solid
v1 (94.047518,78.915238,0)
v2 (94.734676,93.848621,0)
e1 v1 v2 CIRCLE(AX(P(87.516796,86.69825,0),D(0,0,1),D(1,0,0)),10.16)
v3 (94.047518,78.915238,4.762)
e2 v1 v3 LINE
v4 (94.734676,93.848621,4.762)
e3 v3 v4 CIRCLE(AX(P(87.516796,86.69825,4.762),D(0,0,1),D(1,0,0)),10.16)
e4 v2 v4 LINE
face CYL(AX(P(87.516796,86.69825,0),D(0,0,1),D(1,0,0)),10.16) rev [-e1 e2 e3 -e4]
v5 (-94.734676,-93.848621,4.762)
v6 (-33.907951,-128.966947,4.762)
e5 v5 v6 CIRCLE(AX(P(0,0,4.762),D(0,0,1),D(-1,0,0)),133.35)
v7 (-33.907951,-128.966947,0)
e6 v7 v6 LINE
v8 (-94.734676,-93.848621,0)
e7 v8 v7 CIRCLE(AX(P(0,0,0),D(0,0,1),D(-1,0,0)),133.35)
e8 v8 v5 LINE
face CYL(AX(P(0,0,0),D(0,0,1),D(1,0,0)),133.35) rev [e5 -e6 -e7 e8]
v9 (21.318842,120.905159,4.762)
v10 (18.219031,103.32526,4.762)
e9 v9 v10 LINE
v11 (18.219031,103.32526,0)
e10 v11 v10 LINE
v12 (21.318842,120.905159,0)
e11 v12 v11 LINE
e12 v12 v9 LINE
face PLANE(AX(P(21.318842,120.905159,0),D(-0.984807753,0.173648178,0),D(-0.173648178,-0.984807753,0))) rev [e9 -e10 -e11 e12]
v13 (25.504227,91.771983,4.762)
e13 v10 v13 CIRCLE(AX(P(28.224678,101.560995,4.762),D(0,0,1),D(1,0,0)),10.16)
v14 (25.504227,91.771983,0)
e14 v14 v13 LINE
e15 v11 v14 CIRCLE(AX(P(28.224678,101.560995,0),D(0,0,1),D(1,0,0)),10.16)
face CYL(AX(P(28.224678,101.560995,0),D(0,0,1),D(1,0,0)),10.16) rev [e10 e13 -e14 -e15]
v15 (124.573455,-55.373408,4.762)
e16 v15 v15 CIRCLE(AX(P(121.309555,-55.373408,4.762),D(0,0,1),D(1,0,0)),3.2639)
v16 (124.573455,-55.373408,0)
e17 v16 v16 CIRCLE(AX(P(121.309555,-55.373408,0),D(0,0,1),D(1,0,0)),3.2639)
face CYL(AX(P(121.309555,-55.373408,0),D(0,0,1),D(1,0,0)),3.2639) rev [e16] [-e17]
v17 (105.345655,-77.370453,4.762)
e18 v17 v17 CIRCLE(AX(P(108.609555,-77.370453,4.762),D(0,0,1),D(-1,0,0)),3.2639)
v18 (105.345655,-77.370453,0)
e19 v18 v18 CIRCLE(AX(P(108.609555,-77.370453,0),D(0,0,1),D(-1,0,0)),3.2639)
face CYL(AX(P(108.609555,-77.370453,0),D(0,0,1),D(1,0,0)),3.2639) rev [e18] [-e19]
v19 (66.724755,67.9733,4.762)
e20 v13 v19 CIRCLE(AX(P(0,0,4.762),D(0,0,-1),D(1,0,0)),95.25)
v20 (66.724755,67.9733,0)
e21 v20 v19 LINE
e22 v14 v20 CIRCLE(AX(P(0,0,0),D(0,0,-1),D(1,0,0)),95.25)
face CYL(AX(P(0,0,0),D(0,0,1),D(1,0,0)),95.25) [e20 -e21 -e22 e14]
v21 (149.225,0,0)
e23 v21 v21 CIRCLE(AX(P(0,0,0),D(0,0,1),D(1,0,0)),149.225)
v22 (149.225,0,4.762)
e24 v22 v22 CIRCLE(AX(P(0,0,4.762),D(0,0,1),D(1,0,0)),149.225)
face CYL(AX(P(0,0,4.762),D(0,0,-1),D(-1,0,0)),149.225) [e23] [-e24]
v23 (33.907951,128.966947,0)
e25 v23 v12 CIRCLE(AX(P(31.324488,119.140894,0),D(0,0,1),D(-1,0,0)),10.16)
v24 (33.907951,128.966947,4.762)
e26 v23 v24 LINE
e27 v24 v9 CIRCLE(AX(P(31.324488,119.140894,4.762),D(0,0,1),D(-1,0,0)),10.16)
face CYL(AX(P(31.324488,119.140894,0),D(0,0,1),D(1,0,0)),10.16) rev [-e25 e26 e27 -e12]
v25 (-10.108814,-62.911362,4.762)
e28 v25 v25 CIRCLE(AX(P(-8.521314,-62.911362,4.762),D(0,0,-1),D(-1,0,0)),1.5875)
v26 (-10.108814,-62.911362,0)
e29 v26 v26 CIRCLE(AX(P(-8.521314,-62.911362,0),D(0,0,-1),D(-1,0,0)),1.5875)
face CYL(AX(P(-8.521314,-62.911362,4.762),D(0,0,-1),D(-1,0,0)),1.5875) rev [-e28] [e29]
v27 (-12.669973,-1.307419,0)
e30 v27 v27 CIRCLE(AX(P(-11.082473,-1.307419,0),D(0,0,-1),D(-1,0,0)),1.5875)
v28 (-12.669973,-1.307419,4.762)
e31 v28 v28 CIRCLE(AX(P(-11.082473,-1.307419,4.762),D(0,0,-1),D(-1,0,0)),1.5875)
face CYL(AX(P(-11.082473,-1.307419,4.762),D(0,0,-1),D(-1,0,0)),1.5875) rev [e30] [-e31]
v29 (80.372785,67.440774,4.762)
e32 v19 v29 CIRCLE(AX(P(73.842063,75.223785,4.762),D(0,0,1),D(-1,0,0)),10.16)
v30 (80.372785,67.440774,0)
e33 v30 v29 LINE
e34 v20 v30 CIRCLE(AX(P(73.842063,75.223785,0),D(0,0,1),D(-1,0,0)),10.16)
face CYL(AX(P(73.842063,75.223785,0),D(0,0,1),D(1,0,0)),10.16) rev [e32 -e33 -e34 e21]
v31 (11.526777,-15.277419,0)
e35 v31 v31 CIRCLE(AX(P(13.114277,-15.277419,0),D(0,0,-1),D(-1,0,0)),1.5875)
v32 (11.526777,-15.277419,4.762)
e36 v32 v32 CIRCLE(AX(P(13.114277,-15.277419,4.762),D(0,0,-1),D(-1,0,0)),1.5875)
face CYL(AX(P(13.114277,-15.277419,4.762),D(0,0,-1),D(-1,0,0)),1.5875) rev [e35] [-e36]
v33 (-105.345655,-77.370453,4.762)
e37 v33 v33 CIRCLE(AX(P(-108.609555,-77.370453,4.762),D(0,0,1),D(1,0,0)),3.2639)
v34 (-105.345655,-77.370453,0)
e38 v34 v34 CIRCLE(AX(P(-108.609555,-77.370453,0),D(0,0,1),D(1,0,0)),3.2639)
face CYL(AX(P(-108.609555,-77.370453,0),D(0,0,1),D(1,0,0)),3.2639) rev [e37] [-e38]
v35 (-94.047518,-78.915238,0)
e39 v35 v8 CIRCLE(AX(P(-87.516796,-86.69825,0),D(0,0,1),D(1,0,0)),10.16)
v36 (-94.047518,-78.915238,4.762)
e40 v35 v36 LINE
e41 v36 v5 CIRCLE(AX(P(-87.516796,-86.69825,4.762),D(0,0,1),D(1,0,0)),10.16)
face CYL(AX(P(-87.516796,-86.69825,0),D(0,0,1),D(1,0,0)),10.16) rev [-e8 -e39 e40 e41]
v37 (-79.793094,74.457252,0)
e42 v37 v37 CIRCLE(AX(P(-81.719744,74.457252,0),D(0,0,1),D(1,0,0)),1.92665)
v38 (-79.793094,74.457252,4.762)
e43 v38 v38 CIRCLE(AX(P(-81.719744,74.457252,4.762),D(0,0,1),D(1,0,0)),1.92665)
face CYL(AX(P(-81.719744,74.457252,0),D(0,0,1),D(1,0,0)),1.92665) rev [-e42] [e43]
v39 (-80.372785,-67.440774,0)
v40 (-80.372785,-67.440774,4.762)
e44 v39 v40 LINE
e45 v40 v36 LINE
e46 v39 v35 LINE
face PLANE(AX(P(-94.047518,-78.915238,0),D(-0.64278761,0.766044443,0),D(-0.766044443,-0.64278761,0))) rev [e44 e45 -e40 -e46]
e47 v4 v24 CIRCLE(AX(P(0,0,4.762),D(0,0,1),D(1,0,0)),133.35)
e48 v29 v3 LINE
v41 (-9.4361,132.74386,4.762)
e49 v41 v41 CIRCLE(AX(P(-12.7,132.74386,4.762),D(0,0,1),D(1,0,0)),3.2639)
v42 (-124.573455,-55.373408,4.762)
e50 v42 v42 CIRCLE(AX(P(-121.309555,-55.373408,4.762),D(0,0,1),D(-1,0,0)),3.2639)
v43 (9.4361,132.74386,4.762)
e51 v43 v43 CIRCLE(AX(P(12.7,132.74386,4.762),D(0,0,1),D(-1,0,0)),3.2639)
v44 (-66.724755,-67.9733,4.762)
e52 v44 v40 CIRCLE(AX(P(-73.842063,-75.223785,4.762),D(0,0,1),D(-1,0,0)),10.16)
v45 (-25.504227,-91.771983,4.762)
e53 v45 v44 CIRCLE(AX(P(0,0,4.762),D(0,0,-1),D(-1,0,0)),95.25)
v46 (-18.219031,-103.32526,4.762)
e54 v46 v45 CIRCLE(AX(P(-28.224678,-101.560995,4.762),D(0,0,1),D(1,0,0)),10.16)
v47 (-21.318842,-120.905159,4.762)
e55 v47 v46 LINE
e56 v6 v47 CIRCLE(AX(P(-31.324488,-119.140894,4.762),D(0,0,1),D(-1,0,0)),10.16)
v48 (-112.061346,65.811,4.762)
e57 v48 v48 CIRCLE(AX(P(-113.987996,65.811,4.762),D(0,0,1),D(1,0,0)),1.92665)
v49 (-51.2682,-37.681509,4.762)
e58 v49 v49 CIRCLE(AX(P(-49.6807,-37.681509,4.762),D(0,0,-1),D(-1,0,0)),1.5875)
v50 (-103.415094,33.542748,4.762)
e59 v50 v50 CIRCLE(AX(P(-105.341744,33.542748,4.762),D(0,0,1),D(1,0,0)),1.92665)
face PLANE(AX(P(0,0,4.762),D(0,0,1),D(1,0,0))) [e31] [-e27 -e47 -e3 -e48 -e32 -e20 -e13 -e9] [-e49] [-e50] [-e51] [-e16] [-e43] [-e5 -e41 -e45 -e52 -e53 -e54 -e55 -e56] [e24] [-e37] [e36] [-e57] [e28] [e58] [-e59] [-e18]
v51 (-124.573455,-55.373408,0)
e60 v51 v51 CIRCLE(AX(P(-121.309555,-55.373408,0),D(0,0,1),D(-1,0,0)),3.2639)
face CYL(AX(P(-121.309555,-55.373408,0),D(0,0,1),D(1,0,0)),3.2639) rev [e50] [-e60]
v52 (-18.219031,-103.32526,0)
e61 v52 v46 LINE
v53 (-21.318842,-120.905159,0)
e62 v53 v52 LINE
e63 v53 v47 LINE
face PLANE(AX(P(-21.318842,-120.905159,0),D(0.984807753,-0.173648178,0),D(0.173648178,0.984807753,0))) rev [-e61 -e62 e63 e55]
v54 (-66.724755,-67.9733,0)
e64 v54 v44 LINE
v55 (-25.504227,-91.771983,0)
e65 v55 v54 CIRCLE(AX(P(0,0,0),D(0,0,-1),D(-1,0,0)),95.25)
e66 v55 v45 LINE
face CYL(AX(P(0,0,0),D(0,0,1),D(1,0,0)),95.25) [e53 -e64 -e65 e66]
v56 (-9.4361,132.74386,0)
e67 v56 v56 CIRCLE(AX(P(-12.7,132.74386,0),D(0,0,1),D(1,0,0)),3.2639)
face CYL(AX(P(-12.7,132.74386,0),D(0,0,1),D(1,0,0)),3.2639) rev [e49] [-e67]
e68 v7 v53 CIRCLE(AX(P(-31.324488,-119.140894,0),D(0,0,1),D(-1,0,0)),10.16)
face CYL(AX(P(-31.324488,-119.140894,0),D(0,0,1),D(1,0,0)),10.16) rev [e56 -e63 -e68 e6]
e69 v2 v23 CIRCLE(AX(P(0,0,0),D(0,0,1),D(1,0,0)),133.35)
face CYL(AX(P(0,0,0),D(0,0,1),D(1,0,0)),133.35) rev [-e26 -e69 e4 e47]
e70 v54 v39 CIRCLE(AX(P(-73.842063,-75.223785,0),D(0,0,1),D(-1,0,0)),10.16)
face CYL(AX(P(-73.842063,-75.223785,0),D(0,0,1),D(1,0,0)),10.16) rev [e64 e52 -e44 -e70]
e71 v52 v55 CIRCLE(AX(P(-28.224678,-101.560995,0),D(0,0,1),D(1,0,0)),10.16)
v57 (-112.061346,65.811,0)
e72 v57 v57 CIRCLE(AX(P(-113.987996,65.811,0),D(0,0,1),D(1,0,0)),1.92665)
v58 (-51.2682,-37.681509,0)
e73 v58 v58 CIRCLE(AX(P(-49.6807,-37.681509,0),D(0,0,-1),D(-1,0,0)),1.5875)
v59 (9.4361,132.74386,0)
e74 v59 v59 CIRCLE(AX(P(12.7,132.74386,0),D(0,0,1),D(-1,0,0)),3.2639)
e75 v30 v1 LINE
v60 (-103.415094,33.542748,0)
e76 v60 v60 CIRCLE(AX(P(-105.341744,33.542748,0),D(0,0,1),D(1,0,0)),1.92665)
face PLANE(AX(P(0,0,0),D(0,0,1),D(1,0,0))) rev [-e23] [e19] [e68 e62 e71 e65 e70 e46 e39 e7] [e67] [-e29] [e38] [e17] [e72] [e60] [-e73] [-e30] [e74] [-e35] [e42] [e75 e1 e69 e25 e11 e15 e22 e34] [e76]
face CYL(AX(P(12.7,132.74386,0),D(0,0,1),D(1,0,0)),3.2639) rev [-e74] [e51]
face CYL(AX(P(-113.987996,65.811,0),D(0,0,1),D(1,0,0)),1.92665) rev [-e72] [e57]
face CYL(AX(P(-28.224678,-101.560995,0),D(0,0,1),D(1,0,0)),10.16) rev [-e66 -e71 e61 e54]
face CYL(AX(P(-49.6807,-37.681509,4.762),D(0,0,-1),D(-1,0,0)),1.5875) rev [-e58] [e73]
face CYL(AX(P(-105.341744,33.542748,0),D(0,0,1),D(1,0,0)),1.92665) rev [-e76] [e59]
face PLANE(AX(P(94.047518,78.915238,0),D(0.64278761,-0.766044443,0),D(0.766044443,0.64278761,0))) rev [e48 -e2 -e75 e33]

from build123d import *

# Parameters (mm, degrees)
BOSS_EXTRUDE1_DEPTH          = 4.762
SKETCH5_R                    = 1.926649595
MOTOR_MOUNTING_HOLES_DEPTH   = 5.762
SKETCH7_R                    = 1.5875
ARDUINO_MOUNTING_HOLES_DEPTH = 5.762
SKETCH9_R                    = 3.2639
F_1_4_20_FEET_HOLES_DEPTH    = 5.762
HANDLES_DEPTH                = 5.762


with BuildPart() as part:
    # Sketch1 → Boss-Extrude1 (new body)
    with BuildSketch(Plane.XY):
        with BuildLine():
            ThreePointArc((-80.354757502, -125.742648182), (-74.6125, -129.23264088), (-68.718948913, -132.460585403))
            ThreePointArc((-68.718948913, -132.460585403), (41.077351206, -143.459931141), (128.412526716, -76.015285354))
            ThreePointArc((128.412526716, -76.015285354), (129.23264088, -74.6125), (130.03743155, -73.200867623))
            ThreePointArc((130.03743155, -73.200867623), (-36.155935906, 144.778620396), (-80.354757502, -125.742648182))
        make_face()
    extrude(amount=BOSS_EXTRUDE1_DEPTH)

    # Sketch5 → motor_mounting_holes (cut, through all)
    with BuildSketch(Plane.XY.offset(4.762)):
        with Locations((-81.719743632, 74.457252102)):
            Circle(SKETCH5_R)
        with Locations((-113.98799572, 65.811000014)):
            Circle(SKETCH5_R)
        with Locations((-105.341743632, 33.542747925)):
            Circle(SKETCH5_R)
    extrude(amount=-MOTOR_MOUNTING_HOLES_DEPTH, mode=Mode.SUBTRACT)

    # Sketch7 → arduino mounting holes (cut, through all)
    with BuildSketch(Plane(origin=(0, 0, 0), x_dir=(-1, 0, 0), z_dir=(0, 0, -1))):
        with Locations((-13.114276913, -15.277418882)):
            Circle(SKETCH7_R)
        with Locations((8.521314036, -62.911361657)):
            Circle(SKETCH7_R)
        with Locations((11.082472869, -1.307418882)):
            Circle(SKETCH7_R)
        with Locations((49.680700023, -37.681509395)):
            Circle(SKETCH7_R)
    extrude(amount=-ARDUINO_MOUNTING_HOLES_DEPTH, mode=Mode.SUBTRACT)

    # Sketch9 → 1/4-20 feet holes (cut, through all)
    with BuildSketch(Plane.XY.offset(4.762)):
        with Locations((121.309555388, -55.373407621)):
            Circle(SKETCH9_R)
        with Locations((108.609555388, -77.370452877)):
            Circle(SKETCH9_R)
        with Locations((-108.609555388, -77.370452877)):
            Circle(SKETCH9_R)
        with Locations((-121.309555388, -55.373407621)):
            Circle(SKETCH9_R)
        with Locations((-12.7, 132.743860498)):
            Circle(SKETCH9_R)
        with Locations((12.7, 132.743860498)):
            Circle(SKETCH9_R)
    extrude(amount=-F_1_4_20_FEET_HOLES_DEPTH, mode=Mode.SUBTRACT)

    # Sketch8 → handles (cut, through all)
    with BuildSketch(Plane.XY.offset(4.762)):
        with BuildLine():
            Line((21.318841652, 120.905159074), (18.219031169, 103.325260238))
            ThreePointArc((18.219031169, 103.325260238), (19.630613539, 96.141801354), (25.504227054, 91.771983211))
            ThreePointArc((25.504227054, 91.771983211), (47.625, 82.48891971), (66.724755289, 67.973300138))
            ThreePointArc((66.724755289, 67.973300138), (73.445935569, 65.071510694), (80.372784634, 67.440773943))
            Line((80.372784634, 67.440773943), (94.047518381, 78.915237986))
            ThreePointArc((94.047518381, 78.915237986), (97.666057076, 86.231232388), (94.734676371, 93.848620624))
            ThreePointArc((94.734676371, 93.848620624), (66.675, 115.484487595), (33.907951385, 128.966946668))
            ThreePointArc((33.907951385, 128.966946668), (25.845409309, 127.696902709), (21.318841652, 120.905159074))
        make_face()
        with BuildLine():
            Line((-94.047518381, -78.915237986), (-80.372784634, -67.440773943))
            ThreePointArc((-80.372784634, -67.440773943), (-73.445935569, -65.071510694), (-66.724755289, -67.973300138))
            ThreePointArc((-66.724755289, -67.973300138), (-47.625, -82.48891971), (-25.504227054, -91.771983211))
            ThreePointArc((-25.504227054, -91.771983211), (-19.630613539, -96.141801354), (-18.219031169, -103.325260238))
            Line((-18.219031169, -103.325260238), (-21.318841652, -120.905159074))
            ThreePointArc((-21.318841652, -120.905159074), (-25.845409309, -127.696902709), (-33.907951385, -128.966946668))
            ThreePointArc((-33.907951385, -128.966946668), (-66.675, -115.484487595), (-94.734676371, -93.848620624))
            ThreePointArc((-94.734676371, -93.848620624), (-97.666057076, -86.231232388), (-94.047518381, -78.915237986))
        make_face()
    extrude(amount=-HANDLES_DEPTH, mode=Mode.SUBTRACT)


solid = part.part
